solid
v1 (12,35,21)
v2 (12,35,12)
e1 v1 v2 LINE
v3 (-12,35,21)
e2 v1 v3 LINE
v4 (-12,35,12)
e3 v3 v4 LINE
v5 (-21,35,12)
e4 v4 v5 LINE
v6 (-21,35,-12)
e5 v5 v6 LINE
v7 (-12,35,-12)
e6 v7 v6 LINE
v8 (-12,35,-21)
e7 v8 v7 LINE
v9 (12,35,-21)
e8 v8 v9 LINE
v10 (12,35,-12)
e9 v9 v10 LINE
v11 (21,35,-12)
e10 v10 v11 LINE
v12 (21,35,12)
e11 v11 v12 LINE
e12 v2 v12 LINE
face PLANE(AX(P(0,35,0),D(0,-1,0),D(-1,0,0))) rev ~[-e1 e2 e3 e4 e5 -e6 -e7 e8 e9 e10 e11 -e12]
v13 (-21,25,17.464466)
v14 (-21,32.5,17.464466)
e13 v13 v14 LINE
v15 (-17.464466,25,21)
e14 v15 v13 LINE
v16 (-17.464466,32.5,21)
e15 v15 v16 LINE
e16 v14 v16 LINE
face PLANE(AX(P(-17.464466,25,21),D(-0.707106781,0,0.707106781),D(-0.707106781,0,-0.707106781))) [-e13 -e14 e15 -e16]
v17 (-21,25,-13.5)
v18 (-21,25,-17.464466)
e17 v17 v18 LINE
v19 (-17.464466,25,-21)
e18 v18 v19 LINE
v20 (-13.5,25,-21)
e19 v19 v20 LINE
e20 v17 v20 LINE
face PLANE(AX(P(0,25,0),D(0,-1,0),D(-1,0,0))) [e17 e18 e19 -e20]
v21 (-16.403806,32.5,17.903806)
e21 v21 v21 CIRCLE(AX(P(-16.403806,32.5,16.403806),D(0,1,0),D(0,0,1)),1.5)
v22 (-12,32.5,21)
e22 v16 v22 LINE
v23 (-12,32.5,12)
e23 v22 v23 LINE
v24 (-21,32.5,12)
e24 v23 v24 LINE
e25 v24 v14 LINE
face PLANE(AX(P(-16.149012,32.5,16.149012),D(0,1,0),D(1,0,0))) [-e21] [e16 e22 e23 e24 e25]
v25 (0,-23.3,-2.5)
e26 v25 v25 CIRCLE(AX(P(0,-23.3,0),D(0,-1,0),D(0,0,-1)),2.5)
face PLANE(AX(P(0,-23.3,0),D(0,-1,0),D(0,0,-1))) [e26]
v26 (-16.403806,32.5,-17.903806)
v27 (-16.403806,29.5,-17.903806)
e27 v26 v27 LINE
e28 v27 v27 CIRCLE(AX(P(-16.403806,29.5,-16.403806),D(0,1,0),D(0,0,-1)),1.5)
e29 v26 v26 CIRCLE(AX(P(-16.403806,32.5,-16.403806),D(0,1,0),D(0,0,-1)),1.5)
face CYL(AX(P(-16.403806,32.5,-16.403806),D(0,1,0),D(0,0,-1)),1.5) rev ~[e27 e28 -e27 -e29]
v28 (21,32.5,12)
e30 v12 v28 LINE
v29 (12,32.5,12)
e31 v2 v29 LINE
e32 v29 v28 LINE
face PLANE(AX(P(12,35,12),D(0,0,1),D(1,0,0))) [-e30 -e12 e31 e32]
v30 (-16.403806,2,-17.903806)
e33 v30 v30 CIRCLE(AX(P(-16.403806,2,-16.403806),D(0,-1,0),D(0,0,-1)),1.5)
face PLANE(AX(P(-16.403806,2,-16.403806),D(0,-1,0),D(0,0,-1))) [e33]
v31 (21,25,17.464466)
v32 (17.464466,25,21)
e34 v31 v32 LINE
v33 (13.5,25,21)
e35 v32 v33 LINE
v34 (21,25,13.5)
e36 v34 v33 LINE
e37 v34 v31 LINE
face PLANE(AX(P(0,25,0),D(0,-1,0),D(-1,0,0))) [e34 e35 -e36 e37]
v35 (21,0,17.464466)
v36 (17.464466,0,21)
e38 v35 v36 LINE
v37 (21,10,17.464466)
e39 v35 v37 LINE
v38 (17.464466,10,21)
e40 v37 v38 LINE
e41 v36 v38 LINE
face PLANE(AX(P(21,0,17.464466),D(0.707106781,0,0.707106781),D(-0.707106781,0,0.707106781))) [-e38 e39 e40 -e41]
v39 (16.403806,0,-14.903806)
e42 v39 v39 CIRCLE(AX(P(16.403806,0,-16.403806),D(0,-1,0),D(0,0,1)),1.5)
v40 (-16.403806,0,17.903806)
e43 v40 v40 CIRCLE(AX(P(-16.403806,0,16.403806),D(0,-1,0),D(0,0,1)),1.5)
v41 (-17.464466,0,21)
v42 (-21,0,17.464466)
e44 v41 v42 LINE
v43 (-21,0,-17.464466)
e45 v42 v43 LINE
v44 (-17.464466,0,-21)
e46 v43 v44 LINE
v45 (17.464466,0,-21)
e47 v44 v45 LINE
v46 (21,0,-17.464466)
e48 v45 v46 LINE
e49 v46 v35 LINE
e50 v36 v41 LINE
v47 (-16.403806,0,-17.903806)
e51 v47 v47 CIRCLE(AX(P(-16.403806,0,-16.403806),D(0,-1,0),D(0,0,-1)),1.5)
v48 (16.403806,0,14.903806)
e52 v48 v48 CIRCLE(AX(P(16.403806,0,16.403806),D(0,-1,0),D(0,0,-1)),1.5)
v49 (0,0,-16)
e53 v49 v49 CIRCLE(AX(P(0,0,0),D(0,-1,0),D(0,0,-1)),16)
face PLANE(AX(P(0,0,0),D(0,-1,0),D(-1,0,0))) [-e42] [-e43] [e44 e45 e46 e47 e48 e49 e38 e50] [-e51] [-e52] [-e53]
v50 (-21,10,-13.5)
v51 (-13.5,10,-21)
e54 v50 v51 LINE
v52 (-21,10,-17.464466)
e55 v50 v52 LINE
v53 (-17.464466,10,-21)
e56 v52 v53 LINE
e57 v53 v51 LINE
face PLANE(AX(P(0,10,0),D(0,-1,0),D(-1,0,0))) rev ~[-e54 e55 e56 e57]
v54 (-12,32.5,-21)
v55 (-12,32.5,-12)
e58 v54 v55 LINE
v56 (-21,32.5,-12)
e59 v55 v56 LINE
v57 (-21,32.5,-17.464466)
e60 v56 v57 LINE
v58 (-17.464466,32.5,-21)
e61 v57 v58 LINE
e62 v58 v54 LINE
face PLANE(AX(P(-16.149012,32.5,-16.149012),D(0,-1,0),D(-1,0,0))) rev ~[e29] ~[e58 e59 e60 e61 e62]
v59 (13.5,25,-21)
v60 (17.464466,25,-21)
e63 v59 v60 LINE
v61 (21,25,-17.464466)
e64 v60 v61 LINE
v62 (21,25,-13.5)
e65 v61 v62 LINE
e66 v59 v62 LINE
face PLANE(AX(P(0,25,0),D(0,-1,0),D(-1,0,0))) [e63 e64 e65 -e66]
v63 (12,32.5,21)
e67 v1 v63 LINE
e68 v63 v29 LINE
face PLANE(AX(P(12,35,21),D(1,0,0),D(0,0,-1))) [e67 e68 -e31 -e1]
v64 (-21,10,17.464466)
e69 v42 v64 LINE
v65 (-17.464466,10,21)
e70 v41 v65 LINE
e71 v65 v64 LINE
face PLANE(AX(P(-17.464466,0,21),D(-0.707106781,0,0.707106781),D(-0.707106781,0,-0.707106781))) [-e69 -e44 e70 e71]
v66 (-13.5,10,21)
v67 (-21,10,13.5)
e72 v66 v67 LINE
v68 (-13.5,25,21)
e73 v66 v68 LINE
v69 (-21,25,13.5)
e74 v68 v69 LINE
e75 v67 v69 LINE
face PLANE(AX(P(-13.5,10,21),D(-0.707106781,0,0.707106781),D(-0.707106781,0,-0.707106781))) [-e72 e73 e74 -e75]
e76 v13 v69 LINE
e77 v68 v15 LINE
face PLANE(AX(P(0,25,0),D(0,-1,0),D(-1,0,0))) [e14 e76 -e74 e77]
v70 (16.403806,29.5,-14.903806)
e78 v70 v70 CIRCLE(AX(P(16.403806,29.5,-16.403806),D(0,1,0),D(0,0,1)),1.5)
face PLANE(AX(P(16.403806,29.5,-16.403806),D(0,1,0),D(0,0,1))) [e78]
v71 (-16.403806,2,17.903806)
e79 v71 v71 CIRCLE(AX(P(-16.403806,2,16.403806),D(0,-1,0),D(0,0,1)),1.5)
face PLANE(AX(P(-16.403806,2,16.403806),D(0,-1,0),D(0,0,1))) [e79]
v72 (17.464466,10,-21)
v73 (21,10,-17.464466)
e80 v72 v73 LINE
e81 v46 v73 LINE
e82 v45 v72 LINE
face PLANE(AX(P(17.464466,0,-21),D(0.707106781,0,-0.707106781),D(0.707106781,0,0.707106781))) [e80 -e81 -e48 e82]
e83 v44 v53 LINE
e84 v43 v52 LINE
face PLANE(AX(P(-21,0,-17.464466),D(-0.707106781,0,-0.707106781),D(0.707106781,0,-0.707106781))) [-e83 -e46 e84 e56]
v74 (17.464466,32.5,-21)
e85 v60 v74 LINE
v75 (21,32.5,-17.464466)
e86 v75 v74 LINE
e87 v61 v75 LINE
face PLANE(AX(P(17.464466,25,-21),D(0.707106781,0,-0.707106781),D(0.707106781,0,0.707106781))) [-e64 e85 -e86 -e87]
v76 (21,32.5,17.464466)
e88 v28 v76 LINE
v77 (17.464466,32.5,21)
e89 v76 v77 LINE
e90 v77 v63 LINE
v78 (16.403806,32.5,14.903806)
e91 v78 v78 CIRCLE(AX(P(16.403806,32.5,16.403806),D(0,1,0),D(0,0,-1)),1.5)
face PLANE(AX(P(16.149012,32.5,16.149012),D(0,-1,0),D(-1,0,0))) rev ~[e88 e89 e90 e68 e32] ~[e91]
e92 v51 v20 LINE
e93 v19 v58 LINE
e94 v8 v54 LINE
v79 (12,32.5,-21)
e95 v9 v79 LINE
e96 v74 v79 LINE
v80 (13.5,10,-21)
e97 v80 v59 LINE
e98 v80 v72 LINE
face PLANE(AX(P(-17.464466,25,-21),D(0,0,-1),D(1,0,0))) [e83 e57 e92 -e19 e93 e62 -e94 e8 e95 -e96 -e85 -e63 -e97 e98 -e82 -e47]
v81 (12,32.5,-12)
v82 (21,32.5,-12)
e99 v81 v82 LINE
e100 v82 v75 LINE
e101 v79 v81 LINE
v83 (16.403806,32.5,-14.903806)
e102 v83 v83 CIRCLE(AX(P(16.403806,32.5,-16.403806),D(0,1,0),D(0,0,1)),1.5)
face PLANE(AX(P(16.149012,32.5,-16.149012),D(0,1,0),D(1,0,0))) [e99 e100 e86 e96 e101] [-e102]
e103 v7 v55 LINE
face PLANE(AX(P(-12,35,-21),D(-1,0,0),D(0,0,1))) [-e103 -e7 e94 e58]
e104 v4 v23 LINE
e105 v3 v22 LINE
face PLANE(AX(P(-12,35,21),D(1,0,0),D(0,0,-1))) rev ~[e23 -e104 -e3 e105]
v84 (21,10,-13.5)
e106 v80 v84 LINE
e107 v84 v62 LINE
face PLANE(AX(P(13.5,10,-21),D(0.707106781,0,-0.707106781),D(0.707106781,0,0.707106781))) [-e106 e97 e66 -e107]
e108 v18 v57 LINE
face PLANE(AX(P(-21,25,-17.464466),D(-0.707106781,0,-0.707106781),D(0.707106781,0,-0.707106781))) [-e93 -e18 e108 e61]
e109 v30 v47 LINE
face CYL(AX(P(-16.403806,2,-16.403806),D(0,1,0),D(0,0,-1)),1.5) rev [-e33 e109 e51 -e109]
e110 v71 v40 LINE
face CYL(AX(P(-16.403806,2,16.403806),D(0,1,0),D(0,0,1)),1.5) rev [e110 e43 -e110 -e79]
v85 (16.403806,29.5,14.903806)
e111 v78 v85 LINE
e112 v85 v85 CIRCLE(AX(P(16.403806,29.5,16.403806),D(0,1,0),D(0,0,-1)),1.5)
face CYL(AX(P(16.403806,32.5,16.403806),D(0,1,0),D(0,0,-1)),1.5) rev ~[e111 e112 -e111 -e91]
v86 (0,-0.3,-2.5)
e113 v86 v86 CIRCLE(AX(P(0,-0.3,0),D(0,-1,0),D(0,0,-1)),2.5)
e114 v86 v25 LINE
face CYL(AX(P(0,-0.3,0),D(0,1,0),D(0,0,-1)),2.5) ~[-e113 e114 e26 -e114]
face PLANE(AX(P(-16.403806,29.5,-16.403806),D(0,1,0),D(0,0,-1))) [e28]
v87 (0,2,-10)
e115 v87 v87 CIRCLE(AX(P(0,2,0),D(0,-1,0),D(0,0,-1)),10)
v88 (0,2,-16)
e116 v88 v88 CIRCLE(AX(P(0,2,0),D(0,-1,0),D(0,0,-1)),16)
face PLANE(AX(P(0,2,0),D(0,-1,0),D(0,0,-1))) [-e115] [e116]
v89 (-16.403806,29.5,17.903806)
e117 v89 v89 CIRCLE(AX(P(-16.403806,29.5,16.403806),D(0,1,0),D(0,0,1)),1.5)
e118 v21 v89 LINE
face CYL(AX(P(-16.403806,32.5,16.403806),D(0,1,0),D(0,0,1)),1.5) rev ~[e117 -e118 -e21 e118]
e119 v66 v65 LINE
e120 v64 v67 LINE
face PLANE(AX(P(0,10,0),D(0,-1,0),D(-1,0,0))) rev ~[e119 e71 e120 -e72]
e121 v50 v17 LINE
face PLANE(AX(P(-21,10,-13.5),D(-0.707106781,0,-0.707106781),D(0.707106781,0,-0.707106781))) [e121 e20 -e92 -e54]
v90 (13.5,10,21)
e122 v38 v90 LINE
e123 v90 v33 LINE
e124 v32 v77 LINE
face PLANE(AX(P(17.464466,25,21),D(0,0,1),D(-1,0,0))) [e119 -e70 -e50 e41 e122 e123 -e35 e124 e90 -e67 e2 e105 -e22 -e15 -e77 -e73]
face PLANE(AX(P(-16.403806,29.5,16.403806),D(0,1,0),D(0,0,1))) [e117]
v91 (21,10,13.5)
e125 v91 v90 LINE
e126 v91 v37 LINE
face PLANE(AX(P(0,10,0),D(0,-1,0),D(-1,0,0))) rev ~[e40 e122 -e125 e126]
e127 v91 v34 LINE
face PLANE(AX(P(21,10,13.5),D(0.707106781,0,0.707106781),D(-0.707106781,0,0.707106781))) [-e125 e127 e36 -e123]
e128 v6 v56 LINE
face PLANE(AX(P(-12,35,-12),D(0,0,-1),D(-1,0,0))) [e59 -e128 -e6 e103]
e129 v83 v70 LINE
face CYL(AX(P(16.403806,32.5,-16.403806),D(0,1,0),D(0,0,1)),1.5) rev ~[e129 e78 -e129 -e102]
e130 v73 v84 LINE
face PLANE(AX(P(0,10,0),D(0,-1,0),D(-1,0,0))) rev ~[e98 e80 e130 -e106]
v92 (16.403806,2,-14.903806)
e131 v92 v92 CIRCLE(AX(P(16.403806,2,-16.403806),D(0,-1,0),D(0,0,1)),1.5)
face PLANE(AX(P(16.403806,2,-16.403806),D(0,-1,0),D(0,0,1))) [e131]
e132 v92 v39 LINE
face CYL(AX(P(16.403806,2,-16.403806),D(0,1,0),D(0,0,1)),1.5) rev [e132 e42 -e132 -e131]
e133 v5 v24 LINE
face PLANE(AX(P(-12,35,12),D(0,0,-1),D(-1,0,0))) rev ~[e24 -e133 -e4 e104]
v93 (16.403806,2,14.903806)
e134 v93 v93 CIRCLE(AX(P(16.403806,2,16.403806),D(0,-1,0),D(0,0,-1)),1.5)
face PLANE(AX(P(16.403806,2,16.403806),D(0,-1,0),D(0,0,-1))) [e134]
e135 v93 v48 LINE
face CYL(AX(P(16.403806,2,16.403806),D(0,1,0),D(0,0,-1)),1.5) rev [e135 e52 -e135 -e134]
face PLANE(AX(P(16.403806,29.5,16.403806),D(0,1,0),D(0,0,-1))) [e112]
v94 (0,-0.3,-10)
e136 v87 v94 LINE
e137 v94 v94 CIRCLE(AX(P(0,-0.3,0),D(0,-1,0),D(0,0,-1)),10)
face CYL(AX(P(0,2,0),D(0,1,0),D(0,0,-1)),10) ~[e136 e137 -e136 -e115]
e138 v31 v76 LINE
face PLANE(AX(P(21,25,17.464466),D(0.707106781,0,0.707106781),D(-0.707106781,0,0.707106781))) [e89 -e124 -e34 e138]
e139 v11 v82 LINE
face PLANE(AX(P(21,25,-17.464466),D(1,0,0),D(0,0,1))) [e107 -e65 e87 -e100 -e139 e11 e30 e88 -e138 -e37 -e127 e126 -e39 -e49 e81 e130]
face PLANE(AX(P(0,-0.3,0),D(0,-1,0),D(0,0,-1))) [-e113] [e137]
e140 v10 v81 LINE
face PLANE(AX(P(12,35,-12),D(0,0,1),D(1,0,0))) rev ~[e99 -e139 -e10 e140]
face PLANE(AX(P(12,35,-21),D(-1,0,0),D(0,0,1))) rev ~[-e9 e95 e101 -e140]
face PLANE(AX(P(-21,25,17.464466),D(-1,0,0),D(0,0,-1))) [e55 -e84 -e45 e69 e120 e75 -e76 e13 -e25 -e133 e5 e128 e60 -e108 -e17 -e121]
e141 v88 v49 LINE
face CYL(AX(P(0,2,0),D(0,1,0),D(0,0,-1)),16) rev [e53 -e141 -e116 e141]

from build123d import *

# Parameters (mm, degrees)
BOSS_EXTRUDE1_DEPTH = 10
BOSS_EXTRUDE2_DEPTH = 15
BOSS_EXTRUDE3_DEPTH = 10
CUT_EXTRUDE1_DEPTH  = 2.5
SKETCH5_R           = 1.5
CUT_EXTRUDE2_DEPTH  = 3
CUT_EXTRUDE3_START  = -2
SKETCH6_R           = 16
SKETCH6_R_2         = 1.5
CUT_EXTRUDE3_DEPTH  = 2
SKETCH7_R           = 10
BOSS_EXTRUDE4_DEPTH = 2.3
SKETCH8_R           = 2.5
BOSS_EXTRUDE5_DEPTH = 23


with BuildPart() as part:
    # Sketch1 → Boss-Extrude1 (new body)
    with BuildSketch(Plane(origin=(0, 0, 0), x_dir=(1, 0, 0), z_dir=(0, 1, 0))):
        Polygon((-17.464466094, 21), (17.464466094, 21), (21, 17.464466094), (21, -17.464466094), (17.464466094, -21), (-17.464466094, -21), (-21, -17.464466094), (-21, 17.464466094), align=None)
    extrude(amount=BOSS_EXTRUDE1_DEPTH)

    # Sketch2 → Boss-Extrude2 (add)
    with BuildSketch(Plane(origin=(0, 10, 0), x_dir=(1, 0, 0), z_dir=(0, 1, 0))):
        Polygon((-13.5, 21), (13.5, 21), (21, 13.5), (21, -13.5), (13.5, -21), (-13.5, -21), (-21, -13.5), (-21, 13.5), align=None)
    extrude(amount=BOSS_EXTRUDE2_DEPTH)

    # Sketch3 → Boss-Extrude3 (add)
    with BuildSketch(Plane(origin=(0, 25, 0), x_dir=(1, 0, 0), z_dir=(0, 1, 0))):
        Polygon((-17.464466094, 21), (17.464466094, 21), (21, 17.464466094), (21, -17.464466094), (17.464466094, -21), (-17.464466094, -21), (-21, -17.464466094), (-21, 17.464466094), align=None)
    extrude(amount=BOSS_EXTRUDE3_DEPTH)

    # Sketch4 → Cut-Extrude1 (cut)
    with BuildSketch(Plane(origin=(0, 35, 0), x_dir=(1, 0, 0), z_dir=(0, 1, 0))):
        Polygon((-12, 12), (-21, 12), (-21, 17.464466094), (-17.464466094, 21), (-12, 21), align=None)
        Polygon((12, 21), (12, 12), (21, 12), (21, 17.464466094), (17.464466094, 21), align=None)
        Polygon((12, -12), (21, -12), (21, -17.464466094), (17.464466094, -21), (12, -21), align=None)
        Polygon((-12, -21), (-12, -12), (-21, -12), (-21, -17.464466094), (-17.464466094, -21), align=None)
    extrude(amount=-CUT_EXTRUDE1_DEPTH, mode=Mode.SUBTRACT)

    # Sketch5 → Cut-Extrude2 (cut)
    with BuildSketch(Plane(origin=(0, 32.5, 0), x_dir=(1, 0, 0), z_dir=(0, 1, 0))):
        with Locations(Location((16.403805922, 16.403805922, 0), (0, 0, 270))):
            Circle(SKETCH5_R)
        with Locations(Location((-16.403805922, 16.403805922, 0), (0, 0, 90))):
            Circle(SKETCH5_R)
        with Locations(Location((-16.403805922, -16.403805922, 0), (0, 0, 270))):
            Circle(SKETCH5_R)
        with Locations(Location((16.403805922, -16.403805922, 0), (0, 0, 90))):
            Circle(SKETCH5_R)
    extrude(amount=-CUT_EXTRUDE2_DEPTH, mode=Mode.SUBTRACT)

    # Sketch6 → Cut-Extrude3 (cut)
    with BuildSketch(Plane.XZ.offset(CUT_EXTRUDE3_START)):
        with Locations(Location((0, 0, 0), (0, 0, 270))):
            Circle(SKETCH6_R)
        with Locations(Location((-16.403805922, -16.403805922, 0), (0, 0, 270))):
            Circle(SKETCH6_R_2)
        with Locations(Location((16.403805922, -16.403805922, 0), (0, 0, 90))):
            Circle(SKETCH6_R_2)
        with Locations(Location((-16.403805922, 16.403805922, 0), (0, 0, 90))):
            Circle(SKETCH6_R_2)
        with Locations(Location((16.403805922, 16.403805922, 0), (0, 0, 270))):
            Circle(SKETCH6_R_2)
    extrude(amount=CUT_EXTRUDE3_DEPTH, mode=Mode.SUBTRACT)

    # Sketch7 → Boss-Extrude4 (add)
    with BuildSketch(Plane.XZ.offset(-2)):
        with Locations(Location((0, 0, 0), (0, 0, 270))):
            Circle(SKETCH7_R)
    extrude(amount=BOSS_EXTRUDE4_DEPTH)

    # Sketch8 → Boss-Extrude5 (add)
    with BuildSketch(Plane.XZ.offset(0.3)):
        with Locations(Location((0, 0, 0), (0, 0, 270))):
            Circle(SKETCH8_R)
    extrude(amount=BOSS_EXTRUDE5_DEPTH)


solid = part.part
